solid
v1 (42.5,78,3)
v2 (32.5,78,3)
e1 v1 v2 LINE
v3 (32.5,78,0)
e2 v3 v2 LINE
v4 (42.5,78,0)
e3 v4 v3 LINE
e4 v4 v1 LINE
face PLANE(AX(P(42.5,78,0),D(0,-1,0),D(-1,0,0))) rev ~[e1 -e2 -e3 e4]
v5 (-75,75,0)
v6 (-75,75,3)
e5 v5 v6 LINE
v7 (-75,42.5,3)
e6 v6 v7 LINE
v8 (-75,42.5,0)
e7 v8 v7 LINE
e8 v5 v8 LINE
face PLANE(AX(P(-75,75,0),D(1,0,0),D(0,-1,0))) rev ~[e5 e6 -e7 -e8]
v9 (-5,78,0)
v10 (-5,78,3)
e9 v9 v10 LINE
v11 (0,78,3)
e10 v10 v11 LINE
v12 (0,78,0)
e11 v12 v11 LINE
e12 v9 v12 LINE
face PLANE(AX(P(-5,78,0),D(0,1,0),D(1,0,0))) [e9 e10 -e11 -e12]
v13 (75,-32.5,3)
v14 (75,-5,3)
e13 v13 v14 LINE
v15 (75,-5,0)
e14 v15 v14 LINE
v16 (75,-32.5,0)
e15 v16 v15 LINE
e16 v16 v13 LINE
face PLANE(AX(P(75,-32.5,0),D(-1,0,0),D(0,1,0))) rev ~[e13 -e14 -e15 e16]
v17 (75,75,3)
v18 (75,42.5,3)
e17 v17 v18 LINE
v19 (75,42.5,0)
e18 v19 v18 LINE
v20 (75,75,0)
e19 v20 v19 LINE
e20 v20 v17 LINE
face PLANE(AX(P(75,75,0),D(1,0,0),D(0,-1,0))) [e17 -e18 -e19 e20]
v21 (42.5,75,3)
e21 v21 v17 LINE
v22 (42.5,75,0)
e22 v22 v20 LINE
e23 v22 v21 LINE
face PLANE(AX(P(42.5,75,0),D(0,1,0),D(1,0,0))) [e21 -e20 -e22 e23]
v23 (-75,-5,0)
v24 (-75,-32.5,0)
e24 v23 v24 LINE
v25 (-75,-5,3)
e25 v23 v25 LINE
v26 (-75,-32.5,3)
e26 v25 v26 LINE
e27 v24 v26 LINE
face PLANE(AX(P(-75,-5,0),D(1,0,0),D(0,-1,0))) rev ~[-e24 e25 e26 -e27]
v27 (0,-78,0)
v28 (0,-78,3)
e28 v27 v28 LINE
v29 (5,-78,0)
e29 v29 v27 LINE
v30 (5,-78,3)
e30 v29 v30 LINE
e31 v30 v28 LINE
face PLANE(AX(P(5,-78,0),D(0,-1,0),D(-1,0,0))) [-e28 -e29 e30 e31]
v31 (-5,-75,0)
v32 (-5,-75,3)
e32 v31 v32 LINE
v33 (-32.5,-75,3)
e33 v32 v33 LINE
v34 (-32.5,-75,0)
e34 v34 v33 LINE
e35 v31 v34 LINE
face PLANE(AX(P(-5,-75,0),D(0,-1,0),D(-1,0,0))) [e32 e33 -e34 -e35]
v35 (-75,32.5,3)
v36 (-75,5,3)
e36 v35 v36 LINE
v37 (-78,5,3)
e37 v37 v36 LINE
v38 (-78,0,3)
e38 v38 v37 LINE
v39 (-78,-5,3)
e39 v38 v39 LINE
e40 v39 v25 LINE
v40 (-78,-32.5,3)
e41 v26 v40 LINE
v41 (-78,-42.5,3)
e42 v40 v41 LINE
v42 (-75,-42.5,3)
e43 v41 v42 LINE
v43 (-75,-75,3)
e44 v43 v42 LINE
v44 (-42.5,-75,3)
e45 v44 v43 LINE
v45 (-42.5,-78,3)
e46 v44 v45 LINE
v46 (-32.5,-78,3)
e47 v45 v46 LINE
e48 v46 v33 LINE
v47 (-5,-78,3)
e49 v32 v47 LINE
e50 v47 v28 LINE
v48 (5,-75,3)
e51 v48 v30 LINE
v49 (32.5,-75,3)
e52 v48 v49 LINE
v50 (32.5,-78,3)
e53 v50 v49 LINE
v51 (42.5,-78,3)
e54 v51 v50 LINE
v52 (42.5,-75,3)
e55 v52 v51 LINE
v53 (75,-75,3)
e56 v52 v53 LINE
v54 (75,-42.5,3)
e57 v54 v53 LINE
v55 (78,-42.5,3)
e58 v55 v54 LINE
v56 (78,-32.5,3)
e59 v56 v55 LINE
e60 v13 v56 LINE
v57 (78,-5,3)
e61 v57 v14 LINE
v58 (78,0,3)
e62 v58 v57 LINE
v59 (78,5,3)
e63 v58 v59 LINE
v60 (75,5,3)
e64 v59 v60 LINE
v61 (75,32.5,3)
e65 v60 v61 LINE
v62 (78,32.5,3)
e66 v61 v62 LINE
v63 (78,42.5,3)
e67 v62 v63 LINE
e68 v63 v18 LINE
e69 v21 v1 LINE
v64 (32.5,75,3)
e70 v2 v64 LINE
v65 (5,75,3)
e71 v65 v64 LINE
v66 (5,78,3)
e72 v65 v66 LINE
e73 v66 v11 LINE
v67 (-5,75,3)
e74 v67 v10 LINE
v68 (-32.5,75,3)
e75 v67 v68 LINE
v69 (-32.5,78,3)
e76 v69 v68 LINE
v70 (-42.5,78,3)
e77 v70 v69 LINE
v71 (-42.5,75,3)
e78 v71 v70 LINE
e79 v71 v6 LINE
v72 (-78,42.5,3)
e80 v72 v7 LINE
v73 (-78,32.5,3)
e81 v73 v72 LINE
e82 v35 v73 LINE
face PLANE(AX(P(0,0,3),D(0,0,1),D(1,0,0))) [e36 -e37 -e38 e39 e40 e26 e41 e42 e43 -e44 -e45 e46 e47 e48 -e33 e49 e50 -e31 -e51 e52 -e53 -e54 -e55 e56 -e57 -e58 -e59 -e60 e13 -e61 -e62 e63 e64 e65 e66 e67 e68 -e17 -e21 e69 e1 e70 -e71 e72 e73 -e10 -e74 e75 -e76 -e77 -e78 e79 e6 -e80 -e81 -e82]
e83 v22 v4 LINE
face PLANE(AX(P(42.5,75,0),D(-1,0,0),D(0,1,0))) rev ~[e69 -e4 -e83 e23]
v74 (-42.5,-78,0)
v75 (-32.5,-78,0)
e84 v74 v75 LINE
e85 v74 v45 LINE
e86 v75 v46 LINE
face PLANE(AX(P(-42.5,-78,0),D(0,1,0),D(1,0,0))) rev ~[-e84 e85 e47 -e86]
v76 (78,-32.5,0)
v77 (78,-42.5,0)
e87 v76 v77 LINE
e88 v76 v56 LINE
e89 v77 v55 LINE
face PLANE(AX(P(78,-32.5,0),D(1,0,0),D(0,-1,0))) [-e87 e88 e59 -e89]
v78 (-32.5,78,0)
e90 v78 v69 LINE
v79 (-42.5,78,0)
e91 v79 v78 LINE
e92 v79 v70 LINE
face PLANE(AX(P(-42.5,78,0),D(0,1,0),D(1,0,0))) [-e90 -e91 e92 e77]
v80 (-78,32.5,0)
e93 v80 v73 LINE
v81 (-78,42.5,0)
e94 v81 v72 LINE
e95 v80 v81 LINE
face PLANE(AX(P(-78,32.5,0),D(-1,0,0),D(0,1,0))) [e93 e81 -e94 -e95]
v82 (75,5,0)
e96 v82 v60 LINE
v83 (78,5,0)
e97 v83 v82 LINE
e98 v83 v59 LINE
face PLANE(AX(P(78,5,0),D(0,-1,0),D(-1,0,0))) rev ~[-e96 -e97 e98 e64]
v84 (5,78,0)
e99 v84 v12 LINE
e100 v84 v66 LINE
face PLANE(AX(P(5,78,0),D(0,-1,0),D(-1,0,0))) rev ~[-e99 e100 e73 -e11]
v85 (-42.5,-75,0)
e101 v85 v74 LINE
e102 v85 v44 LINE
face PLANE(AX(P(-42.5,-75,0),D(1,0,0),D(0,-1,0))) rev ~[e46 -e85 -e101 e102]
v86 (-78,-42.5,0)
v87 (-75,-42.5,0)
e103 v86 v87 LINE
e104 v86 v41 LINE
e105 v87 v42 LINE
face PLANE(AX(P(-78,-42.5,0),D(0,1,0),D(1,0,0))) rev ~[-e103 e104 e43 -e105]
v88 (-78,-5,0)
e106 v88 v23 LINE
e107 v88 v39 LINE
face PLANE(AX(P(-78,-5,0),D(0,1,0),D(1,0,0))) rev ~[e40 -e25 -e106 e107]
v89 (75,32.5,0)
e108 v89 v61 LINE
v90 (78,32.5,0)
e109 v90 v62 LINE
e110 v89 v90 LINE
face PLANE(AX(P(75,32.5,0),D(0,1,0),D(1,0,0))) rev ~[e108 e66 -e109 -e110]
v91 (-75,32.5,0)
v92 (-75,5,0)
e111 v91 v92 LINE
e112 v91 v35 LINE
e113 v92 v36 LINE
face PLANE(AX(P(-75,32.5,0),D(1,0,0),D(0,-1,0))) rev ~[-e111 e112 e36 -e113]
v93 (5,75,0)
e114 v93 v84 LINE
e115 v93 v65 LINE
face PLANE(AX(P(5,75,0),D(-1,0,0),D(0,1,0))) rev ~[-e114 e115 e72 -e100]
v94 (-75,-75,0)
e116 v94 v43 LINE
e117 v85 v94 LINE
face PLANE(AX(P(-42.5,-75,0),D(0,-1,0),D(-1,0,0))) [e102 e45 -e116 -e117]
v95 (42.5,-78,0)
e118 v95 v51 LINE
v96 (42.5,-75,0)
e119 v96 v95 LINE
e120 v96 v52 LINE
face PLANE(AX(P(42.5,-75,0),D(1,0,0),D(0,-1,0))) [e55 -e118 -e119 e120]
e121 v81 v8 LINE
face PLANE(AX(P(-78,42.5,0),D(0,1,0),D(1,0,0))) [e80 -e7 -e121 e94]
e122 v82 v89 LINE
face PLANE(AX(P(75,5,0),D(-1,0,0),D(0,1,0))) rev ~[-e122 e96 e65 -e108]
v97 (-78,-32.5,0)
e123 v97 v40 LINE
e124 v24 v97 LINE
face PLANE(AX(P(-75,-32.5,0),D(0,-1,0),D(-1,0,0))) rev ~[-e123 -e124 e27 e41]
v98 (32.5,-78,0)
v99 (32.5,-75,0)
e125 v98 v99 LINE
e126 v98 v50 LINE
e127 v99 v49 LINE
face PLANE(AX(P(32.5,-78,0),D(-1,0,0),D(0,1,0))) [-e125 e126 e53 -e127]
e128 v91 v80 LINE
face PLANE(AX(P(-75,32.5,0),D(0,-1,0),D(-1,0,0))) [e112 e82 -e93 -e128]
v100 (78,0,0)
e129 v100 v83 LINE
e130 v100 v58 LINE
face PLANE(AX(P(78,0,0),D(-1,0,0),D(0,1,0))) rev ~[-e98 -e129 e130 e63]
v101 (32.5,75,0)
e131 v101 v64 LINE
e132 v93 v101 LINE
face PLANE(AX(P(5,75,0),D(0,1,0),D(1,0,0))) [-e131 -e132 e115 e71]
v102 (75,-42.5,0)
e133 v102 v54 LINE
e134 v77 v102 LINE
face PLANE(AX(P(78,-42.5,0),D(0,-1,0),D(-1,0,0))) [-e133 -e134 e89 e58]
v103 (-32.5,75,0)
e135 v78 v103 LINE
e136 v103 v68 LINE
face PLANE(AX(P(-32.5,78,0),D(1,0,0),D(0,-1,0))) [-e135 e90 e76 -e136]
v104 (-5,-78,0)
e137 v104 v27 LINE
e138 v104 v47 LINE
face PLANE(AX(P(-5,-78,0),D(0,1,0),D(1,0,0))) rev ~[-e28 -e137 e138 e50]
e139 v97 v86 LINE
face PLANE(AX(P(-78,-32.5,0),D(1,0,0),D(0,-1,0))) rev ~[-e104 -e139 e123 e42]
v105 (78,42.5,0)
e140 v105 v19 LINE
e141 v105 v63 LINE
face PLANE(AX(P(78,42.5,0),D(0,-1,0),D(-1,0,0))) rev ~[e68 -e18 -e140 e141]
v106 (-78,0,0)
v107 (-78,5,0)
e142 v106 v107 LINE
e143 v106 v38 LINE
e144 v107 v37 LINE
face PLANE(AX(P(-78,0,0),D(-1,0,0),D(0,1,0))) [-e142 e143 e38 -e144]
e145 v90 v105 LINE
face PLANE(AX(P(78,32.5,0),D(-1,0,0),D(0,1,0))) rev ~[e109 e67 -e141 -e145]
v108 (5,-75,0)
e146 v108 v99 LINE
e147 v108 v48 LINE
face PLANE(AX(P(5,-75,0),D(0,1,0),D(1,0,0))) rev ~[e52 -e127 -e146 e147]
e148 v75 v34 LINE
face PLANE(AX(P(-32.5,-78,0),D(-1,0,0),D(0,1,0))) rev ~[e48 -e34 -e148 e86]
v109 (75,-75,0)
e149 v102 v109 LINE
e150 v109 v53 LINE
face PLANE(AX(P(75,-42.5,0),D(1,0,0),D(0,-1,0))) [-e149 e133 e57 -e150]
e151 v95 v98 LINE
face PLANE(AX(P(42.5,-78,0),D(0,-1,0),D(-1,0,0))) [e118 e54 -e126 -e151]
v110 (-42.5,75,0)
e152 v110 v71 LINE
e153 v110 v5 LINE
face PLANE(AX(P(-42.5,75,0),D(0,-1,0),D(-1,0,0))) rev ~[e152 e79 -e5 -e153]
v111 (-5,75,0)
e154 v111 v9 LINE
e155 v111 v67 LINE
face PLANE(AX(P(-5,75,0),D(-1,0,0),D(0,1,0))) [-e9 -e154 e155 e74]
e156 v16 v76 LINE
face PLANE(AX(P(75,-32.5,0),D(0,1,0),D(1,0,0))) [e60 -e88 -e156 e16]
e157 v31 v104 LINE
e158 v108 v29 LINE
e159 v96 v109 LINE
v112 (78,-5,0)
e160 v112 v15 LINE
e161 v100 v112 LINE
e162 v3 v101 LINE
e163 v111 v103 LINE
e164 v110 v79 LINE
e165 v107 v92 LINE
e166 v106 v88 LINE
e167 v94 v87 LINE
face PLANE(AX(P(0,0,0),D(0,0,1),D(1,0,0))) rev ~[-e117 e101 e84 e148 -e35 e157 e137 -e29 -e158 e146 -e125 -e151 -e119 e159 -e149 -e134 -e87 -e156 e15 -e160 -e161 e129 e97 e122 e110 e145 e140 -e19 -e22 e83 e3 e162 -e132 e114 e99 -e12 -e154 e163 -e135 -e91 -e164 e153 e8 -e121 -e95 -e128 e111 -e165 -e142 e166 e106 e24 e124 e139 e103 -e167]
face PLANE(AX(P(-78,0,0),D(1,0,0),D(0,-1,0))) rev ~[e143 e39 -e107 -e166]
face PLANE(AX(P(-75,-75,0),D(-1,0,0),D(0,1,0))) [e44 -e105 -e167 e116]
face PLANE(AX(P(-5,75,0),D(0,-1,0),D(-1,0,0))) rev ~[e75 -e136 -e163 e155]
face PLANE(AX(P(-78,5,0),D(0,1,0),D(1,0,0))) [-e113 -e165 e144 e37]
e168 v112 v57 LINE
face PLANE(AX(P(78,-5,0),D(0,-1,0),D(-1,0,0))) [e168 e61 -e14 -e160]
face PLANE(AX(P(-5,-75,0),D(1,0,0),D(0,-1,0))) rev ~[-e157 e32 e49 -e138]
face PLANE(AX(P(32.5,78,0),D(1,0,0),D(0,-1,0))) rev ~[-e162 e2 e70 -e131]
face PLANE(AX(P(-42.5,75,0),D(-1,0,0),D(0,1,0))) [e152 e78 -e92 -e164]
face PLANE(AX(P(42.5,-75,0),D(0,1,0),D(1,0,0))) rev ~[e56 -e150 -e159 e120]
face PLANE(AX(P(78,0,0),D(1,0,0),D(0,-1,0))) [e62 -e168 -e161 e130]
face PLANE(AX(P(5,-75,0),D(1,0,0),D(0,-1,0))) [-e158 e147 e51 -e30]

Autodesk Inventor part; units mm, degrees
ref_plane "YZ Plane" through (0, 0, 0) normal (1, 0, 0) x (0, 1, 0)
ref_plane "XZ Plane" through (0, 0, 0) normal (0, 1, 0) x (-1, 0, 0)
ref_plane "XY Plane" through (0, 0, 0) normal (0, 0, 1) x (1, 0, 0)
sketch "Эскиз1" plane through (0, 0, 0) normal (0, 0, 1) x (1, 0, 0)
  line L0 (-78, 42.5) -> (-75, 42.5)
  line L1 (-75, 32.5) -> (-78, 32.5)
  line L2 (-78, 32.5) -> (-78, 42.5)
  line L3 (-78, 5) -> (-75, 5)
  line L4 (-78, 0) -> (-78, 5)
  line L5 (-42.5, 78) -> (-32.5, 78)
  line L6 (-32.5, 78) -> (-32.5, 75)
  line L7 (-42.5, 75) -> (-42.5, 78)
  line L8 (-5, 78) -> (0, 78)
  line L9 (-5, 75) -> (-5, 78)
  line L10 (-5, 75) -> (-32.5, 75)
  line L11 (-42.5, 75) -> (-75, 75)
  line L12 (-75, 75) -> (-75, 42.5)
  line L13 (-75, 32.5) -> (-75, 5)
  line L14 (75, 32.5) -> (78, 32.5)
  line L15 (75, 5) -> (75, 32.5)
  line L16 (78, 5) -> (75, 5)
  line L17 (78, 0) -> (78, 5)
  line L18 (78, 42.5) -> (75, 42.5)
  line L19 (78, 32.5) -> (78, 42.5)
  line L20 (5, 75) -> (32.5, 75)
  line L21 (5, 78) -> (0, 78)
  line L22 (5, 75) -> (5, 78)
  line L23 (75, 75) -> (75, 42.5)
  line L24 (42.5, 75) -> (75, 75)
  line L25 (32.5, 78) -> (32.5, 75)
  line L26 (42.5, 78) -> (32.5, 78)
  line L27 (42.5, 75) -> (42.5, 78)
  line L28 (32.5, -78) -> (32.5, -75)
  line L29 (5, -75) -> (32.5, -75)
  line L30 (5, -75) -> (5, -78)
  line L31 (5, -78) -> (0, -78)
  line L32 (-5, -78) -> (0, -78)
  line L33 (-5, -75) -> (-5, -78)
  line L34 (-5, -75) -> (-32.5, -75)
  line L35 (-32.5, -78) -> (-32.5, -75)
  line L36 (-78, -42.5) -> (-75, -42.5)
  line L37 (-78, -32.5) -> (-78, -42.5)
  line L38 (-42.5, -78) -> (-32.5, -78)
  line L39 (-42.5, -75) -> (-75, -75)
  line L40 (-42.5, -75) -> (-42.5, -78)
  line L41 (-75, -75) -> (-75, -42.5)
  line L42 (-75, -32.5) -> (-78, -32.5)
  line L43 (-78, -5) -> (-75, -5)
  line L44 (-78, 0) -> (-78, -5)
  line L45 (-75, -5) -> (-75, -32.5)
  line L46 (75, -32.5) -> (78, -32.5)
  line L47 (78, -42.5) -> (75, -42.5)
  line L48 (78, -32.5) -> (78, -42.5)
  line L49 (75, -32.5) -> (75, -5)
  line L50 (78, -5) -> (75, -5)
  line L51 (78, 0) -> (78, -5)
  line L52 (42.5, -78) -> (32.5, -78)
  line L53 (42.5, -75) -> (42.5, -78)
  line L54 (42.5, -75) -> (75, -75)
  line L55 (75, -42.5) -> (75, -75)
  point P0 (0, 0)
  point P1 (0, 0)
  point P2 (0, 0)
extrude "Выдавливание1" add sketch "Эскиз1" along normal blind 3
properties part number "Низ"
